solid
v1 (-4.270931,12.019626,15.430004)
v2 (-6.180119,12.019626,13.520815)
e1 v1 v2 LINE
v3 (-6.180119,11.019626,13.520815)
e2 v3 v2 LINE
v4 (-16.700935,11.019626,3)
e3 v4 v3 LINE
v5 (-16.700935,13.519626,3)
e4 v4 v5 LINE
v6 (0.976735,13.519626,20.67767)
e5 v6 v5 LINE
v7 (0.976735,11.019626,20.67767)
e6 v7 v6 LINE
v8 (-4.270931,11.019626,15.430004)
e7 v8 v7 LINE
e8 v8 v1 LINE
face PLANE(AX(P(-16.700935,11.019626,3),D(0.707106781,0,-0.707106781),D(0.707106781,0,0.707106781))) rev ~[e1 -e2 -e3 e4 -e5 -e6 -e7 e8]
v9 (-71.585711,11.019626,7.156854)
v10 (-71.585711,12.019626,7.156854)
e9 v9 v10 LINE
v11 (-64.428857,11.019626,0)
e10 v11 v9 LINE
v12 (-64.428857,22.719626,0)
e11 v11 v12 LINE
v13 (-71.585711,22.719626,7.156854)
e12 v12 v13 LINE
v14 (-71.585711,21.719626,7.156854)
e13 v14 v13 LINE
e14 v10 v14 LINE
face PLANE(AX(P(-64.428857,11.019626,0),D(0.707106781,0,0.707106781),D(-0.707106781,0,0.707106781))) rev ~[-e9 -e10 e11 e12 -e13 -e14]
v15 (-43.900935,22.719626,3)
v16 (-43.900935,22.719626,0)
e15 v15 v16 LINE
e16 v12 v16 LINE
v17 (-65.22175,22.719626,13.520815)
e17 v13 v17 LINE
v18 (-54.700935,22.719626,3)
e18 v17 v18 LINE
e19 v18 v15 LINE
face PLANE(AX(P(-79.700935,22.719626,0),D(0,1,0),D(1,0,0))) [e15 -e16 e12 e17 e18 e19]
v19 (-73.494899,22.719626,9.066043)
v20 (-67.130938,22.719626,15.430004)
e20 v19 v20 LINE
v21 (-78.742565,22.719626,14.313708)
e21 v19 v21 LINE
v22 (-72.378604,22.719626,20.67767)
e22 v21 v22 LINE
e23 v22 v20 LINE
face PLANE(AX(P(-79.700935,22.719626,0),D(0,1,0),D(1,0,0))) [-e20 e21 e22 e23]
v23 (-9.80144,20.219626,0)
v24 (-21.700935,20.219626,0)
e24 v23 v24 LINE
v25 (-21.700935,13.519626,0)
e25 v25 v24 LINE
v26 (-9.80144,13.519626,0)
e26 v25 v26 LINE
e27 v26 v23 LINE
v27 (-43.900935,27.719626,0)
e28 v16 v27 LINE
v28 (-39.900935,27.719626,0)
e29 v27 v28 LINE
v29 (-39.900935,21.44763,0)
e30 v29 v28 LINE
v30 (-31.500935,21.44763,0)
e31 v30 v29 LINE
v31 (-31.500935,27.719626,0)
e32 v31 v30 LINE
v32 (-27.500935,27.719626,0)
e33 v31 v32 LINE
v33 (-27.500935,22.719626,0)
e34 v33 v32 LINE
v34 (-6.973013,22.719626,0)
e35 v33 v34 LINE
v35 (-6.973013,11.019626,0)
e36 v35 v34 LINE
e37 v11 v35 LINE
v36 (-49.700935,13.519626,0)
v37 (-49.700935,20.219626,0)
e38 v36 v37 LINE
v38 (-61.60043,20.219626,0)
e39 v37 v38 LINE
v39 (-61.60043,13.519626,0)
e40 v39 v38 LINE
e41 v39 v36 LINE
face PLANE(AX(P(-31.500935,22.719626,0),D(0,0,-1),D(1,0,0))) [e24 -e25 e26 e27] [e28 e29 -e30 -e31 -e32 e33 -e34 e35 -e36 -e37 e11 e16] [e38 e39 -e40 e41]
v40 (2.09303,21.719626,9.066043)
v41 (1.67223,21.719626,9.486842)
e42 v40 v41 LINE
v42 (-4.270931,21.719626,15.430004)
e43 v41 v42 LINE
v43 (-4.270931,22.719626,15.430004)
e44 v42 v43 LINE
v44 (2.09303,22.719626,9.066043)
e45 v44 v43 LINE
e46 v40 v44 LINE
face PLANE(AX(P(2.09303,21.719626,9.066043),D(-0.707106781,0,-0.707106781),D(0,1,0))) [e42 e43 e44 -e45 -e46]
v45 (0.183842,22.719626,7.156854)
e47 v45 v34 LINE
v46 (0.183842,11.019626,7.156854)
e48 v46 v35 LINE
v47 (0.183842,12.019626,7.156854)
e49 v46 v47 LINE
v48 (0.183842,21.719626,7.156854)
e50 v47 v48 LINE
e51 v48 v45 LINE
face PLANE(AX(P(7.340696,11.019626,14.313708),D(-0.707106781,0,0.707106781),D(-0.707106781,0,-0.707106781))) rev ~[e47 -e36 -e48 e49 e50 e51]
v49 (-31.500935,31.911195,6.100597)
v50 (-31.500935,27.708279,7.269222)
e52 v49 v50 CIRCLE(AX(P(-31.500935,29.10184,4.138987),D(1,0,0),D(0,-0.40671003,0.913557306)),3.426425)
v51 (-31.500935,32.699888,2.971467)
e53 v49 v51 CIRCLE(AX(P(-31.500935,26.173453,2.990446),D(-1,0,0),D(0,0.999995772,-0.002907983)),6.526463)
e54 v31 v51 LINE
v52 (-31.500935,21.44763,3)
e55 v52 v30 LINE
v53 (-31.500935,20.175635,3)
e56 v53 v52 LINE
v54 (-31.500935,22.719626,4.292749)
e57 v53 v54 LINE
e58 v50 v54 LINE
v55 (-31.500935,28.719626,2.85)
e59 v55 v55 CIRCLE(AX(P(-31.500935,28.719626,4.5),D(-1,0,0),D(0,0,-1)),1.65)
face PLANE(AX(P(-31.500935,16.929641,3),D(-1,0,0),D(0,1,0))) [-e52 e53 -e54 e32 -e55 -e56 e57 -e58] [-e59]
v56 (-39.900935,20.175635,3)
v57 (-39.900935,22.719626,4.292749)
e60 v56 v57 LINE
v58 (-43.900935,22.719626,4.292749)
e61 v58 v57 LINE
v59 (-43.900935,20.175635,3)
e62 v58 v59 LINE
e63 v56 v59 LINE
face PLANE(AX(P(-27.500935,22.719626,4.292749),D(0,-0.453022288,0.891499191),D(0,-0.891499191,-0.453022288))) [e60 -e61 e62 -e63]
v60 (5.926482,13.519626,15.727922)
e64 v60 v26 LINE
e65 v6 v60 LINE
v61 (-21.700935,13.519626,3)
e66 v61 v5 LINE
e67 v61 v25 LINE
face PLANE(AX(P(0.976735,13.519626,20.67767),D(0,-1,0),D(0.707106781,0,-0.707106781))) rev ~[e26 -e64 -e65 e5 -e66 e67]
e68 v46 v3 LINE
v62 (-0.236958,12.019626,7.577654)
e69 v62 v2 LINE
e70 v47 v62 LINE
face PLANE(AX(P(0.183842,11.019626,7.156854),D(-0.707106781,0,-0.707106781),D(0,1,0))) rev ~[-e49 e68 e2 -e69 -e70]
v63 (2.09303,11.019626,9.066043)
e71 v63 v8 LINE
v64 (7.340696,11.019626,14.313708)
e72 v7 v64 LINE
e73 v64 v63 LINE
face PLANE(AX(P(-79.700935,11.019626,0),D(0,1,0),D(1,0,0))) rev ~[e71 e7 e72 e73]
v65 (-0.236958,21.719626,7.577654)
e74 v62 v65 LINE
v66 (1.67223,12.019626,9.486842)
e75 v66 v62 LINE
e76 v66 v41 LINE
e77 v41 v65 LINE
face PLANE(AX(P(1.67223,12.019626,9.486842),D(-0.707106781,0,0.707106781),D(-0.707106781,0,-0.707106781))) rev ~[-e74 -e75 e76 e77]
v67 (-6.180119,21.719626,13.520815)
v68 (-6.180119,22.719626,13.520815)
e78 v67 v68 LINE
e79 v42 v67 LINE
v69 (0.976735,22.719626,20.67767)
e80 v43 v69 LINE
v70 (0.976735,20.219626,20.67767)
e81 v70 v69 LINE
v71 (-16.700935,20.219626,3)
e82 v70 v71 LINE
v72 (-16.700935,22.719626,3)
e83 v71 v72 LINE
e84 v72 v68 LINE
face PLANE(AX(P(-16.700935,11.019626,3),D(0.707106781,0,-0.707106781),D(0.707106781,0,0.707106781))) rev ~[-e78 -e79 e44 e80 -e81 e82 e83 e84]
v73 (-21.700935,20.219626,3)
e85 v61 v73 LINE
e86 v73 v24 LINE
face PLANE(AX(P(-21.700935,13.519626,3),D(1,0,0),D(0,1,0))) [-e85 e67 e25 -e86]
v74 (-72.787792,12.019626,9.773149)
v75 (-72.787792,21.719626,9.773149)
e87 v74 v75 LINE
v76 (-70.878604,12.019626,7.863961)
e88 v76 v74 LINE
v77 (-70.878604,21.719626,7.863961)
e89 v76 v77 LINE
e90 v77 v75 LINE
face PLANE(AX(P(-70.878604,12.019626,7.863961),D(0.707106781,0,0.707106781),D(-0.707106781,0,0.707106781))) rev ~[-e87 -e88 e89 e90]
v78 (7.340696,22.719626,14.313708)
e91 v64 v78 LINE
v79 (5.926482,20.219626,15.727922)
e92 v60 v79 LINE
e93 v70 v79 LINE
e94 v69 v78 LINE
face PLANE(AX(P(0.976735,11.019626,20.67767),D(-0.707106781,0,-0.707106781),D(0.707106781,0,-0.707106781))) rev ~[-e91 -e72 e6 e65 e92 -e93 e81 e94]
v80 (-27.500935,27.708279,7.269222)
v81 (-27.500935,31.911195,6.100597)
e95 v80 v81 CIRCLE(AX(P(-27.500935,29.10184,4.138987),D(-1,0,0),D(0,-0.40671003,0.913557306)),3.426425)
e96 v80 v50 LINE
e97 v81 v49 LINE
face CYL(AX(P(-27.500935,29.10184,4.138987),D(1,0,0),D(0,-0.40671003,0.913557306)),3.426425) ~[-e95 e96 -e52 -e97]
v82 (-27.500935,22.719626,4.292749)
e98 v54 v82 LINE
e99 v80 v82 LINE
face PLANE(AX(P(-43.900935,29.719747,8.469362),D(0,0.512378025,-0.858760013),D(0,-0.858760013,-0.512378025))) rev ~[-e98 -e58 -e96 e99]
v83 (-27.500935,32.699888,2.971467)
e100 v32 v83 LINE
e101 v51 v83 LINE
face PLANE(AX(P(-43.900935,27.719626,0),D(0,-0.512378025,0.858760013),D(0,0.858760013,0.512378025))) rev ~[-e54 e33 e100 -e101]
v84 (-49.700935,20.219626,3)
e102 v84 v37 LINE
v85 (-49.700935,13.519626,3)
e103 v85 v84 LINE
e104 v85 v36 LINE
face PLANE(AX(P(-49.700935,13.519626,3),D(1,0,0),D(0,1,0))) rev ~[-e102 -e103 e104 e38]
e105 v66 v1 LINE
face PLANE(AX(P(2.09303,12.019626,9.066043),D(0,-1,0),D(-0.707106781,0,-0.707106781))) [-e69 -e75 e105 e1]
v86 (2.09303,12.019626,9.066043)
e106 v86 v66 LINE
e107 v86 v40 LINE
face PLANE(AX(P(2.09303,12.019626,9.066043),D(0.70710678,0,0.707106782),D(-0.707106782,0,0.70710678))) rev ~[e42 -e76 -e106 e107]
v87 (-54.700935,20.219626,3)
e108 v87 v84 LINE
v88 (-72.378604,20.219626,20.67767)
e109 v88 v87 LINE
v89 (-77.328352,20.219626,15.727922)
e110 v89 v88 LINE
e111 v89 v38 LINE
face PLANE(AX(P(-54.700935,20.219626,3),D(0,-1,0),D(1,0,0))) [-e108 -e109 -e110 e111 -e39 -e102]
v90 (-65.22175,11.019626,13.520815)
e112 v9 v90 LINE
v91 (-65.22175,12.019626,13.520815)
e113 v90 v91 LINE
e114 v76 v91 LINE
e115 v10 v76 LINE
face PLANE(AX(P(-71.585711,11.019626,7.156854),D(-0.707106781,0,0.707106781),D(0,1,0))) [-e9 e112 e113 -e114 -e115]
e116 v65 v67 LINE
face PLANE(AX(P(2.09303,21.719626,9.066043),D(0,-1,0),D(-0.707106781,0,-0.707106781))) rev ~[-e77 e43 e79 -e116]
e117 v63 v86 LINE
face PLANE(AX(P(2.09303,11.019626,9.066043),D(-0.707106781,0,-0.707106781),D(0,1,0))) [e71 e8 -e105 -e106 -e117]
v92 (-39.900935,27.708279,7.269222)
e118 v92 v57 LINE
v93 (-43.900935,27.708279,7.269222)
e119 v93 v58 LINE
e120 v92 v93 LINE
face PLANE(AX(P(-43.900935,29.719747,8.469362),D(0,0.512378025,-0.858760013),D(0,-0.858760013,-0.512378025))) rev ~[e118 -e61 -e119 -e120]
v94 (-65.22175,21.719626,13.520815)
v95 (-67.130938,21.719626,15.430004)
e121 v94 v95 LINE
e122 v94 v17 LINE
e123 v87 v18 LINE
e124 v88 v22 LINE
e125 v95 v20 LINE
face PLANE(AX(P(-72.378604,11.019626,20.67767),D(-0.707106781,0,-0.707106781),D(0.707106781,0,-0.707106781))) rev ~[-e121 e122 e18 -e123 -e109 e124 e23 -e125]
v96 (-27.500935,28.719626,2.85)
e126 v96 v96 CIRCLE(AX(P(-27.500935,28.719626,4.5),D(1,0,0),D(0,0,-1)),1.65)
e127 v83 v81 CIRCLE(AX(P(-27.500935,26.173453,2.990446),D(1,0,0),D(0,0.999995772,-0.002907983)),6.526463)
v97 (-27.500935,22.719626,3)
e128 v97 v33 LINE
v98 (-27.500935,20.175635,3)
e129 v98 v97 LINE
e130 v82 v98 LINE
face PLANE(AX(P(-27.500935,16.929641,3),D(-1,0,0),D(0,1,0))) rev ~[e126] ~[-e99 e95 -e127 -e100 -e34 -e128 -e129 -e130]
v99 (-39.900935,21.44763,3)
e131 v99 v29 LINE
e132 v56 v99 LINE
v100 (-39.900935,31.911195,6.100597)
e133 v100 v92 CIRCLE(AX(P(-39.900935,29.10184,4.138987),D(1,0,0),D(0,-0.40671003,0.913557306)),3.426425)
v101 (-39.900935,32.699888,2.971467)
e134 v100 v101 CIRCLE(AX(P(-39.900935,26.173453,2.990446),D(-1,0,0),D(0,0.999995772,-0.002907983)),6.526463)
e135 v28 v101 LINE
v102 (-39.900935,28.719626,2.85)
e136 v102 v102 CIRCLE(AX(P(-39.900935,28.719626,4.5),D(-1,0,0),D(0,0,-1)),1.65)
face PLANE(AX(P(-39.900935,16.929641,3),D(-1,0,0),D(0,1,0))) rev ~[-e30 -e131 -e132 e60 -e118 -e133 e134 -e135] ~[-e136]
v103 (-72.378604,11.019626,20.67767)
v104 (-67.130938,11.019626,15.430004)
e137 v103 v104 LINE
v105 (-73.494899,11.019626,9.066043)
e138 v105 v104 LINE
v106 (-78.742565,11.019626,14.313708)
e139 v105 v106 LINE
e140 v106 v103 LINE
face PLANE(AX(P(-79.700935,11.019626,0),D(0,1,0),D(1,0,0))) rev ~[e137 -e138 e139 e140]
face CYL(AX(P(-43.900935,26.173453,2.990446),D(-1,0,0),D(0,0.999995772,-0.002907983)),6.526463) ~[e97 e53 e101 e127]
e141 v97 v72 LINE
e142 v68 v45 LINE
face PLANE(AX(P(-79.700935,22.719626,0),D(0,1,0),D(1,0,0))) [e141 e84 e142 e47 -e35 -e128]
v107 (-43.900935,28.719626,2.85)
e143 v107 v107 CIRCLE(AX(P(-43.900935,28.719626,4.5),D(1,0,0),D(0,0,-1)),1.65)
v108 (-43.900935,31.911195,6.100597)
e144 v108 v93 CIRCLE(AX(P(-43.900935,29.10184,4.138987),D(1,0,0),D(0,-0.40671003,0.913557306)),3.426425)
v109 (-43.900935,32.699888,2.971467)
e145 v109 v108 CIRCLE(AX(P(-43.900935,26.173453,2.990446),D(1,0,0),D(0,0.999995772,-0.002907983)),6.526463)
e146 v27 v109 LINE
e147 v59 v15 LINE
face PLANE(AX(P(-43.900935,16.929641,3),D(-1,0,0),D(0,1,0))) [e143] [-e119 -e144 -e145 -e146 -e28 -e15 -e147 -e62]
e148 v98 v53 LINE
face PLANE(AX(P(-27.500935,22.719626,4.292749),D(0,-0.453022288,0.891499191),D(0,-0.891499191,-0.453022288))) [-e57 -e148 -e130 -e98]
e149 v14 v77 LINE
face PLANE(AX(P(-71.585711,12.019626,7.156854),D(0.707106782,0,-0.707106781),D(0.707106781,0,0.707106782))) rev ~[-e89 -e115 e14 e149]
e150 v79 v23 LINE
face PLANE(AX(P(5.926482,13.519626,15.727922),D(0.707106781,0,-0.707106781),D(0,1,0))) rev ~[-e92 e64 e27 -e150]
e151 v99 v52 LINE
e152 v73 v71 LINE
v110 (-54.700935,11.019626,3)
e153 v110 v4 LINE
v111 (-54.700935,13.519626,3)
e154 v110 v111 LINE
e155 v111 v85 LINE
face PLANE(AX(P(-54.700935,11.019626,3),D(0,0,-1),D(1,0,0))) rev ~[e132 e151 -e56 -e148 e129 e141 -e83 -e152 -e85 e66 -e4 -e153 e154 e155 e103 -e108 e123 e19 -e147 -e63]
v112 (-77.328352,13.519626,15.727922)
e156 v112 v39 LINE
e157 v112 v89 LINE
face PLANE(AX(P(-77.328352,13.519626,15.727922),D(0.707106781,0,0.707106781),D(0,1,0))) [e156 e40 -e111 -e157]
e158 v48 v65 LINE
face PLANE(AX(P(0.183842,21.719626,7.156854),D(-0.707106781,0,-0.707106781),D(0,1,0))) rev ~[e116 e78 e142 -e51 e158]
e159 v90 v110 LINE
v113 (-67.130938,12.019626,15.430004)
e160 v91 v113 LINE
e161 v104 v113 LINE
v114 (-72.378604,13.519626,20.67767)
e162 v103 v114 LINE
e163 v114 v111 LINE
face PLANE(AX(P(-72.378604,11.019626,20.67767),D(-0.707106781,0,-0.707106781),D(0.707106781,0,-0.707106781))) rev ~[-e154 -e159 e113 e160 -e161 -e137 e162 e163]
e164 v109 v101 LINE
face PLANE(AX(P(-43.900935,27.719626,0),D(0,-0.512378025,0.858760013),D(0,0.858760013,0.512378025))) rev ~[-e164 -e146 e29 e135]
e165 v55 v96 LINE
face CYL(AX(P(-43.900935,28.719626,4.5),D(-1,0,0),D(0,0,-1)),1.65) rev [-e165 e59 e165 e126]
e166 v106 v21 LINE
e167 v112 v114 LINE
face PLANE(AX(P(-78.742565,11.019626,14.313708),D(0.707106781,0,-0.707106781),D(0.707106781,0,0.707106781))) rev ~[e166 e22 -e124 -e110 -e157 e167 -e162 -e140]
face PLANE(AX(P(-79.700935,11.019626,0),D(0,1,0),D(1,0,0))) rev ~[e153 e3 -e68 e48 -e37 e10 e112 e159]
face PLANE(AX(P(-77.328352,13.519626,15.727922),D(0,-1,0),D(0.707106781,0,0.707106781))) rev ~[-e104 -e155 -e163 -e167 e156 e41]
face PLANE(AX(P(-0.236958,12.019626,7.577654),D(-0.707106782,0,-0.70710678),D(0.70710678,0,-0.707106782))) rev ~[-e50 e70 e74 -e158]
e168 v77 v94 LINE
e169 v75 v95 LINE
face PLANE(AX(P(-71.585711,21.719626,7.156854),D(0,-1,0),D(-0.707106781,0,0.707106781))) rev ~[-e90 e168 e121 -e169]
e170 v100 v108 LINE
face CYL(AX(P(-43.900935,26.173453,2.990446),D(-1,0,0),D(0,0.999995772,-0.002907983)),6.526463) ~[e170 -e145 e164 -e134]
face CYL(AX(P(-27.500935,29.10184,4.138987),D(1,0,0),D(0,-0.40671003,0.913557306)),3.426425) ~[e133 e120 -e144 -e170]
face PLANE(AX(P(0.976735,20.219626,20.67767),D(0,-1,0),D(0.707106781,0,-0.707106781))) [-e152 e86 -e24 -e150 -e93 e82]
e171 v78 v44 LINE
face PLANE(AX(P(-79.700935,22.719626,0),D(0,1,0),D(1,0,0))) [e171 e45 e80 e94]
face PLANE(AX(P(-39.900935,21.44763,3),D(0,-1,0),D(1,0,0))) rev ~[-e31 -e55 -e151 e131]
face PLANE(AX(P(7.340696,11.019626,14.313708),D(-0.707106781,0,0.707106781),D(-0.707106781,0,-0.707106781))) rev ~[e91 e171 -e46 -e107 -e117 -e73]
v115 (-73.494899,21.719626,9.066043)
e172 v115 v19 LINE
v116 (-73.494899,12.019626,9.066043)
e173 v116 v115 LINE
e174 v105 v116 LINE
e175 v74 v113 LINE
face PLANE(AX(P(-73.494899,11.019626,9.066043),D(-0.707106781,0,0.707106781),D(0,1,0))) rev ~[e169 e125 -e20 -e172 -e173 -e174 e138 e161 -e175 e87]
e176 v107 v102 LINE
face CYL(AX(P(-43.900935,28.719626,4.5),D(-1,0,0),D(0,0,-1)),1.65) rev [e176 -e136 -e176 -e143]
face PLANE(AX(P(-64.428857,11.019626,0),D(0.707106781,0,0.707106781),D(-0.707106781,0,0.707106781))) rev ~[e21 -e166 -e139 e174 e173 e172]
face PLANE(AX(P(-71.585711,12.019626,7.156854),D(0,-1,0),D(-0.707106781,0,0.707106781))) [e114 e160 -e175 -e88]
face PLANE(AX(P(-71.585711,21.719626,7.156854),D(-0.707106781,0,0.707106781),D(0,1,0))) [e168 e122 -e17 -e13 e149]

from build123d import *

# Parameters (mm, degrees)
CROQUIS1_W              = 88
CROQUIS1_H              = 11.7
SALIENTE_EXTRUIR1_DEPTH = 25
CORTAR_EXTRUIR1_DEPTH   = 11.7
CROQUIS4_W              = 7
CROQUIS4_H              = 6.7
CORTAR_EXTRUIR2_DEPTH   = 30
CROQUIS5_W              = 7
CROQUIS5_H              = 6.7
CORTAR_EXTRUIR3_DEPTH   = 30
CROQUIS6_W              = 5
CROQUIS6_H              = 6.7
CORTAR_EXTRUIR4_DEPTH   = 3
CROQUIS7_W              = 2.7
CROQUIS7_H              = 1
CORTAR_EXTRUIR5_DEPTH   = 30
CORTAR_EXTRUIR6_DEPTH   = 30
CROQUIS10_W             = 2.7
CROQUIS10_H             = 1
CORTAR_EXTRUIR7_DEPTH   = 30
CORTAR_EXTRUIR8_DEPTH   = 30
CROQUIS12_W             = 4
CROQUIS12_H             = 8.5
SALIENTE_EXTRUIR2_DEPTH = 10
CORTAR_EXTRUIR9_START   = -16.4
CROQUIS13_R             = 1.65
CORTAR_EXTRUIR9_DEPTH   = 16.4
CORTAR_EXTRUIR10_DEPTH  = 20
CROQUIS15_W             = 4
CROQUIS15_H             = 5.789985178
SALIENTE_EXTRUIR3_DEPTH = 1.292749
CORTAR_EXTRUIR11_START  = -16.4
CORTAR_EXTRUIR11_DEPTH  = 16.4
CROQUIS17_W             = 8.4
CROQUIS17_H             = 1.271995795
CORTAR_EXTRUIR12_DEPTH  = 20


with BuildPart() as part:
    # Croquis1 → Saliente-Extruir1 (new body)
    with BuildSketch(Plane.XY):
        with Locations((-35.700934579, 16.869626168)):
            Rectangle(CROQUIS1_W, CROQUIS1_H)
    extrude(amount=SALIENTE_EXTRUIR1_DEPTH)

    # Croquis3 → Cortar-Extruir1 (cut)
    with BuildSketch(Plane.XZ.offset(-11.019626168)):
        Polygon((-16.700934579, 3), (0.97673495, 20.67766953), (7.340695981, 14.313708499), (-6.973012518, 0), (8.299065421, 0), (8.299065421, 25), (-79.700934579, 25), (-79.700934579, 0), (-64.428856641, 0), (-78.74256514, 14.313708499), (-72.378604109, 20.67766953), (-54.700934579, 3), align=None)
    extrude(amount=-CORTAR_EXTRUIR1_DEPTH, mode=Mode.SUBTRACT)

    # Croquis4 → Cortar-Extruir2 (cut)
    with BuildSketch(Plane(origin=(-46.528136819, 0, 46.528136819), x_dir=(0.707106781186546, 0, 0.707106781186549), z_dir=(-0.707106781186549, 0, 0.707106781186546))):
        with Locations((-40.058081435, 16.869626168)):
            Rectangle(CROQUIS4_W, CROQUIS4_H)
    extrude(amount=-CORTAR_EXTRUIR2_DEPTH, mode=Mode.SUBTRACT)

    # Croquis5 → Cortar-Extruir3 (cut)
    with BuildSketch(Plane(origin=(10.82720224, 0, 10.82720224), x_dir=(0.7071067811865477, 0, -0.7071067811865475), z_dir=(0.7071067811865475, 0, 0.7071067811865477))):
        with Locations((-10.430664437, 16.869626168)):
            Rectangle(CROQUIS5_W, CROQUIS5_H)
    extrude(amount=-CORTAR_EXTRUIR3_DEPTH, mode=Mode.SUBTRACT)

    # Croquis6 → Cortar-Extruir4 (cut)
    with BuildSketch(Plane.XY.offset(3)):
        with Locations((-52.200934579, 16.869626168)):
            Rectangle(CROQUIS6_W, CROQUIS6_H)
        with Locations((-19.200934579, 16.869626168)):
            Rectangle(CROQUIS6_W, CROQUIS6_H)
    extrude(amount=-CORTAR_EXTRUIR4_DEPTH, mode=Mode.SUBTRACT)

    # Croquis7 → Cortar-Extruir5 (cut)
    with BuildSketch(Plane(origin=(-3.486506259, 0, 3.486506259), x_dir=(-0.7071067811865472, 0, -0.7071067811865479), z_dir=(0.7071067811865479, 0, -0.7071067811865472))):
        with Locations((-6.540655907, 11.519626168)):
            Rectangle(CROQUIS7_W, CROQUIS7_H)
        with Locations((-6.540655907, 22.219626168)):
            Rectangle(CROQUIS7_W, CROQUIS7_H)
    extrude(amount=-CORTAR_EXTRUIR5_DEPTH, mode=Mode.SUBTRACT)

    # Croquis9 → Cortar-Extruir6 (cut)
    with BuildSketch(Plane.XZ.offset(-12.019626168)):
        Polygon((0.183841731, 7.156854249), (2.093030041, 9.066042559), (1.672230345, 9.486842254), (-0.236957964, 7.577653945), align=None)
    extrude(amount=-CORTAR_EXTRUIR6_DEPTH, mode=Mode.SUBTRACT)

    # Croquis10 → Cortar-Extruir7 (cut)
    with BuildSketch(Plane(origin=(-32.21442832, 0, -32.21442832), x_dir=(-0.707106781186549, 0, 0.707106781186546), z_dir=(-0.707106781186546, 0, -0.707106781186549))):
        with Locations((57.029401778, 22.219626168)):
            Rectangle(CROQUIS10_W, CROQUIS10_H)
        with Locations((57.029401778, 11.519626168)):
            Rectangle(CROQUIS10_W, CROQUIS10_H)
    extrude(amount=-CORTAR_EXTRUIR7_DEPTH, mode=Mode.SUBTRACT)

    # Croquis11 → Cortar-Extruir8 (cut)
    with BuildSketch(Plane.XZ.offset(-12.019626168)):
        Polygon((-71.58571089, 7.156854249), (-70.878604109, 7.863961031), (-72.787792418, 9.77314934), (-73.494899199, 9.066042559), align=None)
    extrude(amount=-CORTAR_EXTRUIR8_DEPTH, mode=Mode.SUBTRACT)

    # Croquis12 → Saliente-Extruir2 (add)
    with BuildSketch(Plane(origin=(0, 22.719626168, 0), x_dir=(1, 0, 0), z_dir=(0, 1, 0))):
        with Locations((-29.500934579, -4.25)):
            Rectangle(CROQUIS12_W, CROQUIS12_H)
        with Locations((-41.900934579, -4.25)):
            Rectangle(CROQUIS12_W, CROQUIS12_H)
    extrude(amount=SALIENTE_EXTRUIR2_DEPTH)

    # Croquis13 → Cortar-Extruir9 (cut)
    with BuildSketch(Plane(origin=(-27.500934579, 0, 0), x_dir=(0, 0, -1), z_dir=(1, 0, 0)).offset(CORTAR_EXTRUIR9_START)):
        with Locations((-4.5, 28.719626168)):
            Circle(CROQUIS13_R)
        with BuildLine():
            Line((0, 27.719626168), (-2.971466884, 32.699888422))
            ThreePointArc((-2.971466884, 32.699888422), (-6.100596854, 31.91119471), (-8.46936188, 29.719746698))
            Line((-8.46936188, 29.719746698), (-4.292749227, 22.719626168))
            Line((-4.292749227, 22.719626168), (-8.5, 22.719626168))
            Line((-8.5, 22.719626168), (-8.5, 32.719626168))
            Line((-8.5, 32.719626168), (0, 32.719626168))
            Line((0, 32.719626168), (0, 27.719626168))
        make_face()
    extrude(amount=CORTAR_EXTRUIR9_DEPTH, mode=Mode.SUBTRACT)

    # Croquis14 → Cortar-Extruir10 (cut)
    with BuildSketch(Plane(origin=(-27.500934579, 0, 0), x_dir=(0, 0, -1), z_dir=(1, 0, 0))):
        with BuildLine():
            Line((-8.46936188, 29.719746698), (-7.269222305, 27.708278944))
            ThreePointArc((-7.269222305, 27.708278944), (-7.44017574, 30.019739431), (-6.100596854, 31.91119471))
            Line((-6.100596854, 31.91119471), (-7.548349231, 31.815598295))
            Line((-7.548349231, 31.815598295), (-8.46936188, 29.719746698))
        make_face()
    extrude(amount=-CORTAR_EXTRUIR10_DEPTH, mode=Mode.SUBTRACT)

    # Croquis15 → Saliente-Extruir3 (add)
    with BuildSketch(Plane.XY.offset(3)):
        with Locations((-41.900934579, 19.824633579)):
            Rectangle(CROQUIS15_W, CROQUIS15_H)
        with Locations((-29.500934579, 19.824633579)):
            Rectangle(CROQUIS15_W, CROQUIS15_H)
    extrude(amount=SALIENTE_EXTRUIR3_DEPTH)

    # Croquis16 → Cortar-Extruir11 (cut)
    with BuildSketch(Plane.ZY.offset(43.900934579).offset(CORTAR_EXTRUIR11_START)):
        Polygon((4.292749227, 22.719626168), (3, 20.175634578), (3, 16.92964099), (4.292749227, 16.92964099), align=None)
    extrude(amount=CORTAR_EXTRUIR11_DEPTH, mode=Mode.SUBTRACT)

    # Croquis17 → Cortar-Extruir12 (cut)
    with BuildSketch(Plane.XY.offset(3)):
        with Locations((-35.700934579, 22.083628271)):
            Rectangle(CROQUIS17_W, CROQUIS17_H)
    extrude(amount=-CORTAR_EXTRUIR12_DEPTH, mode=Mode.SUBTRACT)


solid = part.part
